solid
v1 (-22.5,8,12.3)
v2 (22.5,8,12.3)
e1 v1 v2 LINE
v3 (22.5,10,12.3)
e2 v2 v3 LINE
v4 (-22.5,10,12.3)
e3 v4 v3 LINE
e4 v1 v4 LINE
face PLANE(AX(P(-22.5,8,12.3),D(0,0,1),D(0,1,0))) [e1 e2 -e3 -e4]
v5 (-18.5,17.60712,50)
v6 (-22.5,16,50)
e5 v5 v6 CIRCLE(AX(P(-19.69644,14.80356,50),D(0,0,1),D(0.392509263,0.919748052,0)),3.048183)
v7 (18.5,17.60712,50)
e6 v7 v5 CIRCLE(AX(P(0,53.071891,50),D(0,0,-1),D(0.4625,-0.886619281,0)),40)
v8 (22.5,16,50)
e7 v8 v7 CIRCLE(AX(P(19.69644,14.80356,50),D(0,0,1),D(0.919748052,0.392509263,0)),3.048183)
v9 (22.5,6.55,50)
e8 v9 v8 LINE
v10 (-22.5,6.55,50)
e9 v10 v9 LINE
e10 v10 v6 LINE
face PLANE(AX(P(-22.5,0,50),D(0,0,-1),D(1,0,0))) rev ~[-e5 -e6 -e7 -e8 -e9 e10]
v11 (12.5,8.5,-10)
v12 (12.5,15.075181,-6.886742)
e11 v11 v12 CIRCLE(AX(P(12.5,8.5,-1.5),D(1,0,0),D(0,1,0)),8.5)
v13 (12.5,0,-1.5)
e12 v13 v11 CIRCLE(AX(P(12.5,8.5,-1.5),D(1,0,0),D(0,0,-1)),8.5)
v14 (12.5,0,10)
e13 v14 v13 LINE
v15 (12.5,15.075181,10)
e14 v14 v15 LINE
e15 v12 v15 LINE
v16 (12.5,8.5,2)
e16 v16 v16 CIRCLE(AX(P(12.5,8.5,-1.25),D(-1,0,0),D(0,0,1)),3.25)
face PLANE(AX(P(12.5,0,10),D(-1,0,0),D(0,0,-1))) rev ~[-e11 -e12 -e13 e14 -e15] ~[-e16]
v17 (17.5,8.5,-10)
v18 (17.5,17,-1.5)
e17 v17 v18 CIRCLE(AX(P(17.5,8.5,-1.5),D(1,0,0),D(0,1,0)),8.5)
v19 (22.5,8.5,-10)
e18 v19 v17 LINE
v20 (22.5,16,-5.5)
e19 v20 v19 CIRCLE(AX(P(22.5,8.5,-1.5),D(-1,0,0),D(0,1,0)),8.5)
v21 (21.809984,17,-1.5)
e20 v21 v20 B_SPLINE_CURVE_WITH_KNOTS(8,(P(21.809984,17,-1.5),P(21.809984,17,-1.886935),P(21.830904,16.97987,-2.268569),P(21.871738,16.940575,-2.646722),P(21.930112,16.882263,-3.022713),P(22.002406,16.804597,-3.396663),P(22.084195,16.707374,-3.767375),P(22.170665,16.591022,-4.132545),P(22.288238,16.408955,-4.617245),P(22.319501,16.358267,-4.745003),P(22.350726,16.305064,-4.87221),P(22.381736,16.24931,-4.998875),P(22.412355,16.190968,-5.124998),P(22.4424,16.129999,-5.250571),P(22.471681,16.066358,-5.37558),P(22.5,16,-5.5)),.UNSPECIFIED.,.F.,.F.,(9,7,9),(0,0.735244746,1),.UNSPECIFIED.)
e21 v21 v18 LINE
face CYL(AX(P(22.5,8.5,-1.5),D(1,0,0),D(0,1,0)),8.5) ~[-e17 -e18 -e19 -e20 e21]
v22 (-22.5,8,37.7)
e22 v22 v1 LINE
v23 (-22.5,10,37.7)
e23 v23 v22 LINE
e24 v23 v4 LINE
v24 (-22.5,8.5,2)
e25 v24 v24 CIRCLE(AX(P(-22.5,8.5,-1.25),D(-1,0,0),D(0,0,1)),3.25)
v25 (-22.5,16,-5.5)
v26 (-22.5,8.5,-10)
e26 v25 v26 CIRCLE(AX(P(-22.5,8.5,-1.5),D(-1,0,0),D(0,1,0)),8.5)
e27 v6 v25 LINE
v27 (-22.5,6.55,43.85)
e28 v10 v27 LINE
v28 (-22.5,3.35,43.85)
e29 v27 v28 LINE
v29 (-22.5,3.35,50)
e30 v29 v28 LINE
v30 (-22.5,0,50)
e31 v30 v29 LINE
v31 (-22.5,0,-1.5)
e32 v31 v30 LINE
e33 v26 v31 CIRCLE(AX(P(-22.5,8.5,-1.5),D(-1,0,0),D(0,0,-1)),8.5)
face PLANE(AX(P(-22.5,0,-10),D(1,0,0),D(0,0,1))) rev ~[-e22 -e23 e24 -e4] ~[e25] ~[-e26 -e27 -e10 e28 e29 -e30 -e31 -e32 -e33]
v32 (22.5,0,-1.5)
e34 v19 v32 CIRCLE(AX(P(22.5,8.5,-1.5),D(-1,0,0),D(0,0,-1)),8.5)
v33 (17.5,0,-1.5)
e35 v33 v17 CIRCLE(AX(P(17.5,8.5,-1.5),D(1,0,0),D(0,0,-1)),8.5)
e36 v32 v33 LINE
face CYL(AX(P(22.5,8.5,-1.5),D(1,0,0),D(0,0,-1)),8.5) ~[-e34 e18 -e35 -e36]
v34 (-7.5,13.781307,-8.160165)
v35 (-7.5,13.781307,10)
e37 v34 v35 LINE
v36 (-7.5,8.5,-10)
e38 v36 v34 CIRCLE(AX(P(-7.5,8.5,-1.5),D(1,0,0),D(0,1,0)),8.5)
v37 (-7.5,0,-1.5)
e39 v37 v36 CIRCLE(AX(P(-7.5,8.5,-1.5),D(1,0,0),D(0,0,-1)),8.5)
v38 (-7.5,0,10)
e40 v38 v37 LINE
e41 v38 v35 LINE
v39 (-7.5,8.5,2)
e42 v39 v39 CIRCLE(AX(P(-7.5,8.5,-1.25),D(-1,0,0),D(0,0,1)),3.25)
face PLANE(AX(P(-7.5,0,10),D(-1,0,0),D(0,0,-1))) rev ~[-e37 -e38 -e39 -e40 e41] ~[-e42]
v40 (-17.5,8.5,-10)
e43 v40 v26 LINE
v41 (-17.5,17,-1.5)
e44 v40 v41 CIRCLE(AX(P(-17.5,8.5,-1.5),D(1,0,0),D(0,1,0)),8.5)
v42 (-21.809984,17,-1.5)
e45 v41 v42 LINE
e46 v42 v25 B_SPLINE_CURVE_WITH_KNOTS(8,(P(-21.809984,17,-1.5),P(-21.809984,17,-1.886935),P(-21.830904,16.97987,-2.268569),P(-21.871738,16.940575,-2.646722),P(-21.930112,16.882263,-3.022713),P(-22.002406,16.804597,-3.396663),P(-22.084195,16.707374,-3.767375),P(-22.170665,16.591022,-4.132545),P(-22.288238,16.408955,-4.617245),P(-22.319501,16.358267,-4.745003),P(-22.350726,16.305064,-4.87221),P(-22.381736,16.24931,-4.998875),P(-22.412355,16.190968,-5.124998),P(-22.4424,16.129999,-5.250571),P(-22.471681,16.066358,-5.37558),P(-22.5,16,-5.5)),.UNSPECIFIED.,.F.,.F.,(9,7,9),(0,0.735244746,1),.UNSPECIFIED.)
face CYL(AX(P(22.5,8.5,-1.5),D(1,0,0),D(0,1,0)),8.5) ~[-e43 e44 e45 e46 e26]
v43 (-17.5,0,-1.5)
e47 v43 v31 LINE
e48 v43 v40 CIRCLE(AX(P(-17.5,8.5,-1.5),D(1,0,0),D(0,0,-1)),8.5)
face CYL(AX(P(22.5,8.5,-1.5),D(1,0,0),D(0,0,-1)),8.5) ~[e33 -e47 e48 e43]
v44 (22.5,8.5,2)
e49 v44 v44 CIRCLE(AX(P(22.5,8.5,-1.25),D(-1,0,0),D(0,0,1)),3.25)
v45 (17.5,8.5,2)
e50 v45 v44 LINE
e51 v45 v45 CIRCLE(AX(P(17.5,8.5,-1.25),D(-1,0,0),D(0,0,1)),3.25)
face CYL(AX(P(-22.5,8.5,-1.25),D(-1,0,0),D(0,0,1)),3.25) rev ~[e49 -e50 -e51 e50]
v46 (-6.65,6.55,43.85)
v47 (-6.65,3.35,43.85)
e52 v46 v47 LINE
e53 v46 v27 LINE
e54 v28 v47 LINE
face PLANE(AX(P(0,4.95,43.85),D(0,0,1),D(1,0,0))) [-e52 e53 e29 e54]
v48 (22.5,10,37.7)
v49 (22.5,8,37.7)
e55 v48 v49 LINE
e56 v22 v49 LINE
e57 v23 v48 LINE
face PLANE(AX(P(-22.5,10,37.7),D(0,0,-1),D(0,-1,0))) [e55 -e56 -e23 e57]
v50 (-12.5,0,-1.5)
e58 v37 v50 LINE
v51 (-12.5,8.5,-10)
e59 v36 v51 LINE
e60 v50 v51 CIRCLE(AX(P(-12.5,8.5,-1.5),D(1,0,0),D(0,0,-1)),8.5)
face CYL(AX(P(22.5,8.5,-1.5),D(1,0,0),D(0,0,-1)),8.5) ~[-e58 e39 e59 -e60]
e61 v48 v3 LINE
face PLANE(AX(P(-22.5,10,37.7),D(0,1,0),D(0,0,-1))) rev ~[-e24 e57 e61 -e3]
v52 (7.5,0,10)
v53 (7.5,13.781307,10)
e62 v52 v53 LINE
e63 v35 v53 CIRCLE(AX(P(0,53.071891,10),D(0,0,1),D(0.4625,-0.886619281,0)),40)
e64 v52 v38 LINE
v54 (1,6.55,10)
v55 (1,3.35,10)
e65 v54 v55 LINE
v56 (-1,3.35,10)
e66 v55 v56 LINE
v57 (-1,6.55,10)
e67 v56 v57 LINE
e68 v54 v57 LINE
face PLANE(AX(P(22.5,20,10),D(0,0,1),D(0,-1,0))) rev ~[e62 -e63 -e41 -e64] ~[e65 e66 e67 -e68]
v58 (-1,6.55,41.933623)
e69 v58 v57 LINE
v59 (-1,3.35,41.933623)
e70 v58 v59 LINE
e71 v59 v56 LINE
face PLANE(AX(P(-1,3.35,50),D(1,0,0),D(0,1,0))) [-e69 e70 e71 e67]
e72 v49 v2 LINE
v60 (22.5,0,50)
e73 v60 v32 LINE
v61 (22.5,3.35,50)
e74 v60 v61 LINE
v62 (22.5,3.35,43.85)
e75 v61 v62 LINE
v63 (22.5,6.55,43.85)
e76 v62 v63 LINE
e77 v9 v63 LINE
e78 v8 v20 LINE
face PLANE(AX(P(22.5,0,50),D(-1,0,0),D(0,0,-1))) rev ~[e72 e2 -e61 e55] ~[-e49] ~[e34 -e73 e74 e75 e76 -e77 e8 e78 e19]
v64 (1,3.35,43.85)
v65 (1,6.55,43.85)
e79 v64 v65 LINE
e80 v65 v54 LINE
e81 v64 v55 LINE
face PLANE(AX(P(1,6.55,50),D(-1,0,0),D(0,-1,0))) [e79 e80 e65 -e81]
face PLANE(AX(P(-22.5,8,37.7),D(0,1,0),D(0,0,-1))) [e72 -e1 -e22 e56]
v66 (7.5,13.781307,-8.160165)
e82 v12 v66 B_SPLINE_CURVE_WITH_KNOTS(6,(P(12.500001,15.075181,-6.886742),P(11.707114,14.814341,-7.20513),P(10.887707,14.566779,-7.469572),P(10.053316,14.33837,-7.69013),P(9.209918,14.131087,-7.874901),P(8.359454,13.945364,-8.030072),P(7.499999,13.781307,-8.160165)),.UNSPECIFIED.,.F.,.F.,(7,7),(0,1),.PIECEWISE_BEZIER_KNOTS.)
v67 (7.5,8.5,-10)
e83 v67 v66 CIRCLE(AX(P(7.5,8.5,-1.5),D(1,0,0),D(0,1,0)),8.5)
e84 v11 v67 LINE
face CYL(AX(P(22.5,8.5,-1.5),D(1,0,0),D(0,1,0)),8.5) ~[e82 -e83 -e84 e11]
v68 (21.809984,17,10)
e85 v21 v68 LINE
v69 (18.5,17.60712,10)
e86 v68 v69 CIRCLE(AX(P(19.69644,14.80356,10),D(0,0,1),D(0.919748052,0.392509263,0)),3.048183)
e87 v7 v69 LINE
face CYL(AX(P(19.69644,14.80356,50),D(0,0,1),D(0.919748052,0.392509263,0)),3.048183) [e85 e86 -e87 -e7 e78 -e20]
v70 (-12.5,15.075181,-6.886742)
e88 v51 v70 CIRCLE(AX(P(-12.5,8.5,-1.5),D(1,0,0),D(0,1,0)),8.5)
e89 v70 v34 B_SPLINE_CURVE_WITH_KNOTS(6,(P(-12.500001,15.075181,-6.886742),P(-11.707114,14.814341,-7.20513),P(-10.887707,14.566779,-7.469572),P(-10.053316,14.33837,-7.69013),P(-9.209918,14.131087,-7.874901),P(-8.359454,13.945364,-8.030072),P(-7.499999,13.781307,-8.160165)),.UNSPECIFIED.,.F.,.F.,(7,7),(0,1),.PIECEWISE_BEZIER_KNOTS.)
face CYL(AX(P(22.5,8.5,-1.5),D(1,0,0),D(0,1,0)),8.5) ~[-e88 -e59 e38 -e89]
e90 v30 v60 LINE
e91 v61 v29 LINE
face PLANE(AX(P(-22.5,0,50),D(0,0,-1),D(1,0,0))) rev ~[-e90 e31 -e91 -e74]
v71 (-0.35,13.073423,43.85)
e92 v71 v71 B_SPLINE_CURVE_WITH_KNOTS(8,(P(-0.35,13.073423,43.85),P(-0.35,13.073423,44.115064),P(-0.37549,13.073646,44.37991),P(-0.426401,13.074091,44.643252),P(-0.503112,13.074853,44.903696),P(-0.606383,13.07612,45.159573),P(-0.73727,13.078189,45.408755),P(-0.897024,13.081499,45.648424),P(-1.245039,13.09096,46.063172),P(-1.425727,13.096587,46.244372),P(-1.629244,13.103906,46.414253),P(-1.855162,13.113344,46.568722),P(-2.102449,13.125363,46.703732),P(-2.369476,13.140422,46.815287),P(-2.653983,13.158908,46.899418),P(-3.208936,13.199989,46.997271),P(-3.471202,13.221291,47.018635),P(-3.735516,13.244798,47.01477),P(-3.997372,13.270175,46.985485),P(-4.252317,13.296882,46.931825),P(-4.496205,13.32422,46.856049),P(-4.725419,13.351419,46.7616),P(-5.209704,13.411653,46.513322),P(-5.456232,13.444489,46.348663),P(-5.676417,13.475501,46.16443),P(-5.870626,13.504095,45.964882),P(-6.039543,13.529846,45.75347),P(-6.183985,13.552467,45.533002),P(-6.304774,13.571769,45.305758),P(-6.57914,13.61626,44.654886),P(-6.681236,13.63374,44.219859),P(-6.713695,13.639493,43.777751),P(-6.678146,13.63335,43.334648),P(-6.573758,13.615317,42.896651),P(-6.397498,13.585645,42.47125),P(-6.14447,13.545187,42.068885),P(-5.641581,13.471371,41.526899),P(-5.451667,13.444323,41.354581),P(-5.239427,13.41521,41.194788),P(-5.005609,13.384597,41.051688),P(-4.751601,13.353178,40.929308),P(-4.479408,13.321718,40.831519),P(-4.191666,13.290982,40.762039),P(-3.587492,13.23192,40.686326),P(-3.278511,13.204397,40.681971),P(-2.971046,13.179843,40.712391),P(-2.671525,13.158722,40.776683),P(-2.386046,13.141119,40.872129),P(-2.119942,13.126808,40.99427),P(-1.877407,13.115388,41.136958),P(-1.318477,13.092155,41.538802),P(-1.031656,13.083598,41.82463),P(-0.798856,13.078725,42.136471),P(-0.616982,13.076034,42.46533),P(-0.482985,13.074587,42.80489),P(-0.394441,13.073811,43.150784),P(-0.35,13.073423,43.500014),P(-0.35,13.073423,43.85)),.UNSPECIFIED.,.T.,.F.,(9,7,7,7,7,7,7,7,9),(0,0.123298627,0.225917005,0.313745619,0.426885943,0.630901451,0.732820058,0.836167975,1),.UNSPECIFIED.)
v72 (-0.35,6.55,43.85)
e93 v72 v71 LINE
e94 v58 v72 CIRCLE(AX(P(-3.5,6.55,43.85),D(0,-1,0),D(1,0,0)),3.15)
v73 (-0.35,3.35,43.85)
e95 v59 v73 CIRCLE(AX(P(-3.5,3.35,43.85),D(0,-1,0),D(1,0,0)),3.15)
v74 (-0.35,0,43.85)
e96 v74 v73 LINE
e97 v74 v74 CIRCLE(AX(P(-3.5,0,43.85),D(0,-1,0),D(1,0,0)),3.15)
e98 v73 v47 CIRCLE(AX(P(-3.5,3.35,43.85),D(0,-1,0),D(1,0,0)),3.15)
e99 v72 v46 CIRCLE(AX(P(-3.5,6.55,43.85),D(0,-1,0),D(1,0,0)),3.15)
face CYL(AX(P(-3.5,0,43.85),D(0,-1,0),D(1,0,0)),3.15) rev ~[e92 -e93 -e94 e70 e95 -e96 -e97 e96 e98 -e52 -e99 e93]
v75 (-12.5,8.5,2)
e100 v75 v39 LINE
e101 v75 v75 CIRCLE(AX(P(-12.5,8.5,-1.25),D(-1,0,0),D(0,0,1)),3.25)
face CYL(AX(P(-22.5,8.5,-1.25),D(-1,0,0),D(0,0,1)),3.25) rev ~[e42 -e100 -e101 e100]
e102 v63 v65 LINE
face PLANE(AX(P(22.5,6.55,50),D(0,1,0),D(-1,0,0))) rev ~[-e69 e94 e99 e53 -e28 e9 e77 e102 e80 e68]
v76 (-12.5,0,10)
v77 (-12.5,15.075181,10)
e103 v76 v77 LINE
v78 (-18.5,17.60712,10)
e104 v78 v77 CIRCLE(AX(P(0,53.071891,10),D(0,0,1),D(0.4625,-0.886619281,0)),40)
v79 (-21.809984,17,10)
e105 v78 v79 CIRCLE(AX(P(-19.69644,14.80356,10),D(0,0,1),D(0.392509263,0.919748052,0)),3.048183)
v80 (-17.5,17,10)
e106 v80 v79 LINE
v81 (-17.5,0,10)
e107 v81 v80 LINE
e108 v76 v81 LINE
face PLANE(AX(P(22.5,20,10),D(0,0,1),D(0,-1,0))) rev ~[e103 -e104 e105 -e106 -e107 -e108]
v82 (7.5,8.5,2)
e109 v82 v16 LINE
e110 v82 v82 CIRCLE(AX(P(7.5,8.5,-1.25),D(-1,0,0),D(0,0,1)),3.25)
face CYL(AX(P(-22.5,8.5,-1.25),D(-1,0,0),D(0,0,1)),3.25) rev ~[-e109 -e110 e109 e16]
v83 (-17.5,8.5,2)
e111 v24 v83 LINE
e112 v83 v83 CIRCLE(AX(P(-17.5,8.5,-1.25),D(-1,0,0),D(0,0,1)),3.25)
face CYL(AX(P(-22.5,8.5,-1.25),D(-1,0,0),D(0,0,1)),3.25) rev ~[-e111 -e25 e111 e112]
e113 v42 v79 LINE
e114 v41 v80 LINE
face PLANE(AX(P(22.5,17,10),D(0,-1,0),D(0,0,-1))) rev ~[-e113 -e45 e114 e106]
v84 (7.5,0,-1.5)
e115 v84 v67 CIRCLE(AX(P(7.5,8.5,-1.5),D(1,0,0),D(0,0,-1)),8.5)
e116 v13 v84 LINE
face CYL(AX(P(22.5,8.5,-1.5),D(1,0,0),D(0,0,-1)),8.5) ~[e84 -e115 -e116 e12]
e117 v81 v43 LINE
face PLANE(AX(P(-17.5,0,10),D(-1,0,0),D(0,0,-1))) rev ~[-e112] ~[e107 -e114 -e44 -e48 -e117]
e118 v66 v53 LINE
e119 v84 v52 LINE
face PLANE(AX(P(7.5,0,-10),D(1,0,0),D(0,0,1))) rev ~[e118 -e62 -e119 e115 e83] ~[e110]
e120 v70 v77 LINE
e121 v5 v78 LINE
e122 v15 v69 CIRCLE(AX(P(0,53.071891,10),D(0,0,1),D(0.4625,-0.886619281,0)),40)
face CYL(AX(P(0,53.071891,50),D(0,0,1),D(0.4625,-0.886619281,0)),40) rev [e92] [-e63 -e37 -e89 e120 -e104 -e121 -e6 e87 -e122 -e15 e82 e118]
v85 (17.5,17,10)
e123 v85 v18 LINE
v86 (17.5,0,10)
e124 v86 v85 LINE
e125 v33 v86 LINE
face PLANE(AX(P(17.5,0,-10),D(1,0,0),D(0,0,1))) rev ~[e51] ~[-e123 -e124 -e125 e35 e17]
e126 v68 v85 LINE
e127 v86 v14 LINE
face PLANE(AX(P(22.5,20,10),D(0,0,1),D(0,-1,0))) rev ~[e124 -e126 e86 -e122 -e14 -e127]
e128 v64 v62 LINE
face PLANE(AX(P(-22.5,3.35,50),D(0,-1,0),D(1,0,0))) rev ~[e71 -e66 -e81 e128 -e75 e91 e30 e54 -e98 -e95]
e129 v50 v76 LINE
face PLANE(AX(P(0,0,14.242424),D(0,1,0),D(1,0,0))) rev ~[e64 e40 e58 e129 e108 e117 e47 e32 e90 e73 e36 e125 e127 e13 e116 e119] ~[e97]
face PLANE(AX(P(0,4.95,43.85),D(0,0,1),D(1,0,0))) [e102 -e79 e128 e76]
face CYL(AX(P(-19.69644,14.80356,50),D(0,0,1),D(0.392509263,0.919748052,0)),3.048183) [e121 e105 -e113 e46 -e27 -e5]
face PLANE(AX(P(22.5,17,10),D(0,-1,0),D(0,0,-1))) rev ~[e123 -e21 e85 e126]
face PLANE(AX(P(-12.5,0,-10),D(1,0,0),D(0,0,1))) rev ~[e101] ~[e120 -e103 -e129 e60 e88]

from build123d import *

# Parameters (mm, degrees)
BOSS_EXTRUDE1_DEPTH = 20
CUT_EXTRUDE19_DEPTH = 45
CUT_EXTRUDE23_DEPTH = 444
SKETCH10_W          = 25.4
SKETCH10_H          = 2
CUT_EXTRUDE25_DEPTH = 45
CUT_EXTRUDE26_DEPTH = 444
SKETCH16_R          = 3.25
SKETCH16_R_2        = 3.15
CUT_EXTRUDE28_DEPTH = 45
SKETCH18_R          = 3.15
CUT_EXTRUDE30_DEPTH = 20
CUT_EXTRUDE31_DEPTH = 6.15


with BuildPart() as part:
    # Sketch1 → Boss-Extrude1 (new body)
    with BuildSketch(Plane(origin=(0, 0, 0), x_dir=(1, 0, 0), z_dir=(0, 1, 0))):
        Polygon((-22.5, -50), (22.5, -50), (22.5, 10), (17.5, 10), (17.5, -10), (12.5, -10), (12.5, 10), (7.5, 10), (7.5, -10), (2.5, -10), (-2.5, -10), (-7.5, -10), (-7.5, 10), (-12.5, 10), (-12.5, -10), (-17.5, -10), (-17.5, 10), (-22.5, 10), align=None)
    extrude(amount=BOSS_EXTRUDE1_DEPTH)

    # Sketch6 → Cut-Extrude19 (cut)
    with BuildSketch(Plane(origin=(22.5, 0, 0), x_dir=(0, 0, -1), z_dir=(1, 0, 0))):
        with BuildLine():
            ThreePointArc((10, 8.5), (7.51040764, 2.48959236), (1.5, 0))
            Line((1.5, 0), (10, 0))
            Line((10, 0), (10, 8.5))
        make_face()
        with BuildLine():
            ThreePointArc((1.5, 17), (7.51040764, 14.51040764), (10, 8.5))
            Line((10, 8.5), (10, 20))
            Line((10, 20), (-10, 20))
            Line((-10, 20), (-10, 17))
            Line((-10, 17), (1.5, 17))
        make_face()
    extrude(amount=-CUT_EXTRUDE19_DEPTH, mode=Mode.SUBTRACT)

    # Sketch2 → Cut-Extrude23 (cut)
    with BuildSketch(Plane.XY.offset(50)):
        with BuildLine():
            Line((-22.5, 20), (22.5, 20))
            Line((22.5, 20), (22.5, 16))
            ThreePointArc((22.5, 16), (20.832845478, 17.631987193), (18.5, 17.607120136))
            ThreePointArc((18.5, 17.607120136), (0, 13.071891388), (-18.5, 17.607120136))
            ThreePointArc((-18.5, 17.607120136), (-20.832845478, 17.631987193), (-22.5, 16))
            Line((-22.5, 16), (-22.5, 20))
        make_face()
    extrude(amount=-CUT_EXTRUDE23_DEPTH, mode=Mode.SUBTRACT)

    # Sketch10 → Cut-Extrude25 (cut)
    with BuildSketch(Plane.ZY.offset(22.5)):
        Polygon((37.7, 10), (37.7, 8), (12.3, 8), (12.3, 10), (25, 10), align=None)
        with Locations((-25, 9)):
            Rectangle(SKETCH10_W, SKETCH10_H)
        Polygon((-303.835718962, 8), (-292.208543952, 8), (-279.508543952, 8), (-279.508543952, 10), (-292.208543952, 10), (-303.835718962, 10), align=None)
        Polygon((-329.508543952, 10), (-329.508543952, 8), (-354.908543952, 8), (-354.908543952, 10), (-342.208543952, 10), align=None)
        Polygon((-229.508543952, 8), (-254.908543952, 8), (-254.908543952, 10), (-242.208543952, 10), (-229.508543952, 10), align=None)
    extrude(amount=-CUT_EXTRUDE25_DEPTH, mode=Mode.SUBTRACT)

    # Sketch12 → Cut-Extrude26 (cut)
    with BuildSketch(Plane.XY.offset(50)):
        Polygon((-1, 3.35), (-1, 6.55), (0, 6.55), (1, 6.55), (1, 3.35), align=None)
    extrude(amount=-CUT_EXTRUDE26_DEPTH, mode=Mode.SUBTRACT)

    # Sketch16 → Cut-Extrude28 (cut)
    with BuildSketch(Plane.ZY.offset(22.5)):
        with Locations((-1.25, 8.5)):
            Circle(SKETCH16_R)
        with Locations((-386.058543952, 2.588831384)):
            Circle(SKETCH16_R_2)
    extrude(amount=-CUT_EXTRUDE28_DEPTH, mode=Mode.SUBTRACT)

    # Sketch18 → Cut-Extrude30 (cut)
    with BuildSketch(Plane.XZ):
        with Locations((-3.5, 43.85)):
            Circle(SKETCH18_R)
    extrude(amount=-CUT_EXTRUDE30_DEPTH, mode=Mode.SUBTRACT)

    # Sketch24 → Cut-Extrude31 (cut)
    with BuildSketch(Plane.XY.offset(50)):
        Polygon((-1, 6.55), (-11, 6.55), (-22.5, 6.55), (-22.5, 3.35), (-11, 3.35), (-1, 3.35), (1, 3.35), (11, 3.35), (22.5, 3.35), (22.5, 6.55), (11, 6.55), (1, 6.55), align=None)
    extrude(amount=-CUT_EXTRUDE31_DEPTH, mode=Mode.SUBTRACT)


solid = part.part
